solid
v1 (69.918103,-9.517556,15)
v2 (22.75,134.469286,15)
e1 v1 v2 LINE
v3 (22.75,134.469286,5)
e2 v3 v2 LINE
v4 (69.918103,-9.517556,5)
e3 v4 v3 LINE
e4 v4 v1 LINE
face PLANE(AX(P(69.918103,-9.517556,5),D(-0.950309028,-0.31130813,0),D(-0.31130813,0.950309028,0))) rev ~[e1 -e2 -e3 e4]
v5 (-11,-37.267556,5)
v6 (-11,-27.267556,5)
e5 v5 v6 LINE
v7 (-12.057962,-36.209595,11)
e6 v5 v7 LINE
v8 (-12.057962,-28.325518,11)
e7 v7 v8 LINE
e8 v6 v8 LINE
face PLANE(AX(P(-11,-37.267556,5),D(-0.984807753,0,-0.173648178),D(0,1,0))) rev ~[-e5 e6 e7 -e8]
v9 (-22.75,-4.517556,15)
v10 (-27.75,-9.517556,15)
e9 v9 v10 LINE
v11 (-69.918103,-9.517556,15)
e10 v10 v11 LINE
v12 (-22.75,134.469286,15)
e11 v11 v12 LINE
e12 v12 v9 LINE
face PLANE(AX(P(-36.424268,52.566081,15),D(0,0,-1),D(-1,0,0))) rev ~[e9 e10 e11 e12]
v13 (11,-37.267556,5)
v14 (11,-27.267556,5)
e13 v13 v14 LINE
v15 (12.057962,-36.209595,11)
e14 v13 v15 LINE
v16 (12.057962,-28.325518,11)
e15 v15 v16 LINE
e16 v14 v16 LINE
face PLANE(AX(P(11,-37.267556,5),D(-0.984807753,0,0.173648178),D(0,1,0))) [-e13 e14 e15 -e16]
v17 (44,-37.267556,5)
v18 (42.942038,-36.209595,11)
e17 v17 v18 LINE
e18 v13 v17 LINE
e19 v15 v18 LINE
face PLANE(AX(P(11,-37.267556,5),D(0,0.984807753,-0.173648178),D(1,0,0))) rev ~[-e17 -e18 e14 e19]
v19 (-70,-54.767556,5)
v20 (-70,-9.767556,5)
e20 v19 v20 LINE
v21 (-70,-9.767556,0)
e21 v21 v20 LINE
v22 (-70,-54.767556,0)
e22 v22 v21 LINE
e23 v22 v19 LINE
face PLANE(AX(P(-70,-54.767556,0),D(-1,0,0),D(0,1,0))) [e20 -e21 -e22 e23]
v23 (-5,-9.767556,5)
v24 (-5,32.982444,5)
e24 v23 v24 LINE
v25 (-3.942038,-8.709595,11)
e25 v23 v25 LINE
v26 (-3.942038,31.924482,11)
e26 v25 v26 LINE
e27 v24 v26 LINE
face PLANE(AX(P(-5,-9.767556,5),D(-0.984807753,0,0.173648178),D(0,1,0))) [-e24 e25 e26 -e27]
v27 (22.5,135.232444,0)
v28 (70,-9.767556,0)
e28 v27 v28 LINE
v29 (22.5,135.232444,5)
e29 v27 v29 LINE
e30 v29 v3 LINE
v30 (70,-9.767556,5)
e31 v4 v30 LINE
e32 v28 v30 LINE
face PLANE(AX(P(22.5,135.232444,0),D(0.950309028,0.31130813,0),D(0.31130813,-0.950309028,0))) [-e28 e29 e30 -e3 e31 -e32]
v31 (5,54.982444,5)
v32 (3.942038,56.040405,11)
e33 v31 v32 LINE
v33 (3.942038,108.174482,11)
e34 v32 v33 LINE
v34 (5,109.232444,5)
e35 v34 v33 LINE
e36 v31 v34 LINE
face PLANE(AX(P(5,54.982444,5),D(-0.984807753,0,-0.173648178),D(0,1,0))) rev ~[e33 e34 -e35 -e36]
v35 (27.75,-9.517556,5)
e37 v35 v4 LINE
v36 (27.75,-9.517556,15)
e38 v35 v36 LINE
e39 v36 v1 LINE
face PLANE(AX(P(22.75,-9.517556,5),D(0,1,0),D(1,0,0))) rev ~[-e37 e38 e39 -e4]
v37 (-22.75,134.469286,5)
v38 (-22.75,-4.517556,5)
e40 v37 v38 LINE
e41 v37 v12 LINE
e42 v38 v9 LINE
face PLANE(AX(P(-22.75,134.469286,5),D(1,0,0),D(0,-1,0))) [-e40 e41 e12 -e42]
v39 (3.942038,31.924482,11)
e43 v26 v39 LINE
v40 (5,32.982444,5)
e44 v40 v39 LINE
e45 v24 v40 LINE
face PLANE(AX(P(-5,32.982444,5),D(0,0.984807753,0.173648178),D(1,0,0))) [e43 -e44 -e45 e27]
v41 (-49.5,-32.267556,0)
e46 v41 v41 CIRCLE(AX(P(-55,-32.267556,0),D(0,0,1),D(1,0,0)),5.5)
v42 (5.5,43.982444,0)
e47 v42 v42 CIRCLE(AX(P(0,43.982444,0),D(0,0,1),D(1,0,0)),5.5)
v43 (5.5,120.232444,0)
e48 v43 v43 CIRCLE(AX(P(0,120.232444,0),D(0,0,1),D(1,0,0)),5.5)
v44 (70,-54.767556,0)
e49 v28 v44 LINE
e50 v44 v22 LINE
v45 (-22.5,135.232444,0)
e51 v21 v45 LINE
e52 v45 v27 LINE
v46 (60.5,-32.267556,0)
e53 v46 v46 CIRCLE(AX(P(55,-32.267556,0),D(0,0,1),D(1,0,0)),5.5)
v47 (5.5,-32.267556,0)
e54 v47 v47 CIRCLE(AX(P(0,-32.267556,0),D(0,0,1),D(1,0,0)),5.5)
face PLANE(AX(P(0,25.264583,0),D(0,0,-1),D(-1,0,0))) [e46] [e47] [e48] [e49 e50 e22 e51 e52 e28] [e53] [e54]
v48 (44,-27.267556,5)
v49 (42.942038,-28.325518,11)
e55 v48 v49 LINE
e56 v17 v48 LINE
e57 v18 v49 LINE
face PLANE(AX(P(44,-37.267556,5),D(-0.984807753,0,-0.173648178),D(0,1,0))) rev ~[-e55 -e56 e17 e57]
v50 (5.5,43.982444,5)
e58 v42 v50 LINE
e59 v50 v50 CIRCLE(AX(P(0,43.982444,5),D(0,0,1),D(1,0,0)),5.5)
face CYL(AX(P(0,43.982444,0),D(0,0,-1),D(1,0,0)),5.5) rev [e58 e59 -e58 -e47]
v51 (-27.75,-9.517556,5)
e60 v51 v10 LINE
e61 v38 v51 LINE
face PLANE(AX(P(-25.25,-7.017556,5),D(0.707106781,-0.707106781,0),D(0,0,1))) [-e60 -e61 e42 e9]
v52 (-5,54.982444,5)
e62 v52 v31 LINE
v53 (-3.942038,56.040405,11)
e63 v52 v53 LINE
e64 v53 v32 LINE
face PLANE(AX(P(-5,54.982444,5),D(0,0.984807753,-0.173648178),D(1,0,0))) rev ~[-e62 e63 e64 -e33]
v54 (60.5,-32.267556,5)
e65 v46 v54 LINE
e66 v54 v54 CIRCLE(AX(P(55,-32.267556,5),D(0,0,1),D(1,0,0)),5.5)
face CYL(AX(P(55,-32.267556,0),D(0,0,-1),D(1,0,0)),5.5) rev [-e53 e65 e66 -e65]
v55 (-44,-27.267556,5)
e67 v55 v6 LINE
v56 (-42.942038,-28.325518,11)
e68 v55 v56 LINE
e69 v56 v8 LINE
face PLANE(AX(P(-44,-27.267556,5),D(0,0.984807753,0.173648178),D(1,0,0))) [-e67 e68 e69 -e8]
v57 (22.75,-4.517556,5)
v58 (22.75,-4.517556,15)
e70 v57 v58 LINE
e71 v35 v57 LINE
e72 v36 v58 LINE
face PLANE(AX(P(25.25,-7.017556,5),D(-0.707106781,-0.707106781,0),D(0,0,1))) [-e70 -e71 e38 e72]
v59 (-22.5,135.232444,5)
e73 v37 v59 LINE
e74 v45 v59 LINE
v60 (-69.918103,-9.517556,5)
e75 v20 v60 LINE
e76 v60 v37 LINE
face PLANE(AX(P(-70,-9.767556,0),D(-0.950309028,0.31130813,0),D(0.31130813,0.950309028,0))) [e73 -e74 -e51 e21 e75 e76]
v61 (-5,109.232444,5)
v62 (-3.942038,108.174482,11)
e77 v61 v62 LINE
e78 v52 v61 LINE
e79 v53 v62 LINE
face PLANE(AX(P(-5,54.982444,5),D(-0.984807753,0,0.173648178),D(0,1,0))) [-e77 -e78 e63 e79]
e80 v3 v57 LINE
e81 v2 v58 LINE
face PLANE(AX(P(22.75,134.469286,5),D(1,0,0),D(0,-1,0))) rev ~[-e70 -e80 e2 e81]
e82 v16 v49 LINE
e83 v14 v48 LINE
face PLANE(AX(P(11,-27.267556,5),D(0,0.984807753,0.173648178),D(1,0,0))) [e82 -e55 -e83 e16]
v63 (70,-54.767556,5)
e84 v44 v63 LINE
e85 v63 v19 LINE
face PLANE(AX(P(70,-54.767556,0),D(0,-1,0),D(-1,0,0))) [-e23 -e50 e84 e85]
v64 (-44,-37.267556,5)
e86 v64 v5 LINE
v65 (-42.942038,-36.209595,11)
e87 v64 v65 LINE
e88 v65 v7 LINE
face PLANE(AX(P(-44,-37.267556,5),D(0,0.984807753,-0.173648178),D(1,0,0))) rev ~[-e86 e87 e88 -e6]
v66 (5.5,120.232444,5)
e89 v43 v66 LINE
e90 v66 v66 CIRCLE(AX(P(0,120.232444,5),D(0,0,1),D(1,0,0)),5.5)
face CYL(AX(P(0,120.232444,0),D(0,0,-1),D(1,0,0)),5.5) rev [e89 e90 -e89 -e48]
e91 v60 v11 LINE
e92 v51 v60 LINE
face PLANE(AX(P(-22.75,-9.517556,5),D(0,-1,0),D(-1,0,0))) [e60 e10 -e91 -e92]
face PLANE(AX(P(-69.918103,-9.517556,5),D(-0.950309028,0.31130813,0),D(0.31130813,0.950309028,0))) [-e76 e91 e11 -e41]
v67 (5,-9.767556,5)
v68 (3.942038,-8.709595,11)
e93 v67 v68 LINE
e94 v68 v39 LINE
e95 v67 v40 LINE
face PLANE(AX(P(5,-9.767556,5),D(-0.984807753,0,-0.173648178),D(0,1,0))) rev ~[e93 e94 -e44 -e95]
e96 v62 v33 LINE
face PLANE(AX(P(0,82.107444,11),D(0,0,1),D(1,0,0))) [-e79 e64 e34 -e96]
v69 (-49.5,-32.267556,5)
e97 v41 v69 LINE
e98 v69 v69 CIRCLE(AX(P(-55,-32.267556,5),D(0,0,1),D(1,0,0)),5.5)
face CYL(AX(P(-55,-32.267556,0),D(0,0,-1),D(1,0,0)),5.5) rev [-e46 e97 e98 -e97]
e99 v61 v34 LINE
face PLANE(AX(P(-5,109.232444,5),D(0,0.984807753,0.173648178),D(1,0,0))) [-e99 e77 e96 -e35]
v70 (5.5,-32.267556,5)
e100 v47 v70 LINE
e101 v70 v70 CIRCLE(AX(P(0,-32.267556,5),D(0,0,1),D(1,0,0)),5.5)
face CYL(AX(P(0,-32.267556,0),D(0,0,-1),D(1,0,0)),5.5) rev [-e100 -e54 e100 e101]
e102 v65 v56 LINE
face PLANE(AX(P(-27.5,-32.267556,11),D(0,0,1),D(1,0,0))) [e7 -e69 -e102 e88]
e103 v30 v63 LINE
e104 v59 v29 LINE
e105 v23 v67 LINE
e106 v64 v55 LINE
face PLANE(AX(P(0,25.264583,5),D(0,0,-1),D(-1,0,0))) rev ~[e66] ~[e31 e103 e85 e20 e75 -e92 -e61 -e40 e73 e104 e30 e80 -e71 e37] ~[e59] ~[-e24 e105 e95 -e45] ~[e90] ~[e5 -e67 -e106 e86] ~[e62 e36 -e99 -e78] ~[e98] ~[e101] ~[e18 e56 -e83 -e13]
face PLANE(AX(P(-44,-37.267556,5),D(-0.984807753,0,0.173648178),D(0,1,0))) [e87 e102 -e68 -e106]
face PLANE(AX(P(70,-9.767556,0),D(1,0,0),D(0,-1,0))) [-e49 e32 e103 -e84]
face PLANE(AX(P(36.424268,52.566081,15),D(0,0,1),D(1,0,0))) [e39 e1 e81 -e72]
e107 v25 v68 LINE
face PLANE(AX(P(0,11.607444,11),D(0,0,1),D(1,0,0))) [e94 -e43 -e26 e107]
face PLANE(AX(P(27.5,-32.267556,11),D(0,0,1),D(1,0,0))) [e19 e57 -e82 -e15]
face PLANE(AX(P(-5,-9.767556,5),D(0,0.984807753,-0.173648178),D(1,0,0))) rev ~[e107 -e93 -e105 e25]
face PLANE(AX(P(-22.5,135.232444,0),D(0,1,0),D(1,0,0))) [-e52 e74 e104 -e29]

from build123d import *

# Parameters (mm, degrees)
ESQUISSE1_R        = 5.5
BOSS_EXTRU_1_DEPTH = 5
ESQUISSE3_W        = 10
ESQUISSE3_H        = 54.25
ESQUISSE3_H_2      = 42.75
ESQUISSE3_W_2      = 33
ESQUISSE3_H_3      = 10
BOSS_EXTRU_3_DEPTH = 6
D_POUILLE2_ANGLE   = 10
BOSS_EXTRU_4_DEPTH = 10
CHANFREIN1_SIZE    = 5


with BuildPart() as part:
    # Esquisse1 → Boss.-Extru.1 (new body)
    with BuildSketch(Plane.XY):
        Polygon((-22.5, 135.232443508), (22.5, 135.232443508), (70, -9.767556492), (70, -54.767556492), (-70, -54.767556492), (-70, -9.767556492), align=None)
        with Locations((0, 120.232443508)):
            Circle(ESQUISSE1_R, mode=Mode.SUBTRACT)
        with Locations((0, 43.982443508)):
            Circle(ESQUISSE1_R, mode=Mode.SUBTRACT)
        with Locations((0, -32.267556492)):
            Circle(ESQUISSE1_R, mode=Mode.SUBTRACT)
        with Locations((-55, -32.267556492)):
            Circle(ESQUISSE1_R, mode=Mode.SUBTRACT)
        with Locations((55, -32.267556492)):
            Circle(ESQUISSE1_R, mode=Mode.SUBTRACT)
    extrude(amount=BOSS_EXTRU_1_DEPTH)

    # Esquisse3 → Boss.-Extru.3 (add)
    with BuildSketch(Plane.XY.offset(5)):
        with Locations((0, 82.107443508)):
            Rectangle(ESQUISSE3_W, ESQUISSE3_H)
        with Locations((0, 11.607443508)):
            Rectangle(ESQUISSE3_W, ESQUISSE3_H_2)
        with Locations((-27.5, -32.267556492)):
            Rectangle(ESQUISSE3_W_2, ESQUISSE3_H_3)
        with Locations((27.5, -32.267556492)):
            Rectangle(ESQUISSE3_W_2, ESQUISSE3_H_3)
    extrude(amount=BOSS_EXTRU_3_DEPTH)

    # Dépouille2
    d_pouille2_faces = [part.faces().sort_by_distance(p)[0] for p in [
        (0, 32.982443508, 8),
        (-27.5, -27.267556492, 8),
        (27.5, -27.267556492, 8),
        (0, 109.232443508, 8),
        (-11, -32.267556492, 8),
        (44, -32.267556492, 8),
        (5, 82.107443508, 8),
        (5, 11.607443508, 8),
        (-5, 82.107443508, 8),
        (0, 54.982443508, 8),
        (-5, 11.607443508, 8),
        (11, -32.267556492, 8),
        (27.5, -37.267556492, 8),
        (0, -9.767556492, 8),
        (-44, -32.267556492, 8),
        (-27.5, -37.267556492, 8),
    ]]
    draft(d_pouille2_faces, Plane.XY.offset(5), D_POUILLE2_ANGLE)

    # Esquisse4 → Boss.-Extru.4 (add)
    with BuildSketch(Plane.XY.offset(5)):
        Polygon((-22.75, 134.469285613), (-22.75, -9.517556492), (-69.918103448, -9.517556492), align=None)
        Polygon((22.75, -9.517556492), (69.918103448, -9.517556492), (22.75, 134.469285613), align=None)
    extrude(amount=BOSS_EXTRU_4_DEPTH)

    # Chanfrein1
    chanfrein1_edges = [part.edges().sort_by_distance(p)[0] for p in [
        (-22.75, -9.517556492, 10),
        (22.75, -9.517556492, 10),
    ]]
    chamfer(chanfrein1_edges, length=CHANFREIN1_SIZE)


solid = part.part
